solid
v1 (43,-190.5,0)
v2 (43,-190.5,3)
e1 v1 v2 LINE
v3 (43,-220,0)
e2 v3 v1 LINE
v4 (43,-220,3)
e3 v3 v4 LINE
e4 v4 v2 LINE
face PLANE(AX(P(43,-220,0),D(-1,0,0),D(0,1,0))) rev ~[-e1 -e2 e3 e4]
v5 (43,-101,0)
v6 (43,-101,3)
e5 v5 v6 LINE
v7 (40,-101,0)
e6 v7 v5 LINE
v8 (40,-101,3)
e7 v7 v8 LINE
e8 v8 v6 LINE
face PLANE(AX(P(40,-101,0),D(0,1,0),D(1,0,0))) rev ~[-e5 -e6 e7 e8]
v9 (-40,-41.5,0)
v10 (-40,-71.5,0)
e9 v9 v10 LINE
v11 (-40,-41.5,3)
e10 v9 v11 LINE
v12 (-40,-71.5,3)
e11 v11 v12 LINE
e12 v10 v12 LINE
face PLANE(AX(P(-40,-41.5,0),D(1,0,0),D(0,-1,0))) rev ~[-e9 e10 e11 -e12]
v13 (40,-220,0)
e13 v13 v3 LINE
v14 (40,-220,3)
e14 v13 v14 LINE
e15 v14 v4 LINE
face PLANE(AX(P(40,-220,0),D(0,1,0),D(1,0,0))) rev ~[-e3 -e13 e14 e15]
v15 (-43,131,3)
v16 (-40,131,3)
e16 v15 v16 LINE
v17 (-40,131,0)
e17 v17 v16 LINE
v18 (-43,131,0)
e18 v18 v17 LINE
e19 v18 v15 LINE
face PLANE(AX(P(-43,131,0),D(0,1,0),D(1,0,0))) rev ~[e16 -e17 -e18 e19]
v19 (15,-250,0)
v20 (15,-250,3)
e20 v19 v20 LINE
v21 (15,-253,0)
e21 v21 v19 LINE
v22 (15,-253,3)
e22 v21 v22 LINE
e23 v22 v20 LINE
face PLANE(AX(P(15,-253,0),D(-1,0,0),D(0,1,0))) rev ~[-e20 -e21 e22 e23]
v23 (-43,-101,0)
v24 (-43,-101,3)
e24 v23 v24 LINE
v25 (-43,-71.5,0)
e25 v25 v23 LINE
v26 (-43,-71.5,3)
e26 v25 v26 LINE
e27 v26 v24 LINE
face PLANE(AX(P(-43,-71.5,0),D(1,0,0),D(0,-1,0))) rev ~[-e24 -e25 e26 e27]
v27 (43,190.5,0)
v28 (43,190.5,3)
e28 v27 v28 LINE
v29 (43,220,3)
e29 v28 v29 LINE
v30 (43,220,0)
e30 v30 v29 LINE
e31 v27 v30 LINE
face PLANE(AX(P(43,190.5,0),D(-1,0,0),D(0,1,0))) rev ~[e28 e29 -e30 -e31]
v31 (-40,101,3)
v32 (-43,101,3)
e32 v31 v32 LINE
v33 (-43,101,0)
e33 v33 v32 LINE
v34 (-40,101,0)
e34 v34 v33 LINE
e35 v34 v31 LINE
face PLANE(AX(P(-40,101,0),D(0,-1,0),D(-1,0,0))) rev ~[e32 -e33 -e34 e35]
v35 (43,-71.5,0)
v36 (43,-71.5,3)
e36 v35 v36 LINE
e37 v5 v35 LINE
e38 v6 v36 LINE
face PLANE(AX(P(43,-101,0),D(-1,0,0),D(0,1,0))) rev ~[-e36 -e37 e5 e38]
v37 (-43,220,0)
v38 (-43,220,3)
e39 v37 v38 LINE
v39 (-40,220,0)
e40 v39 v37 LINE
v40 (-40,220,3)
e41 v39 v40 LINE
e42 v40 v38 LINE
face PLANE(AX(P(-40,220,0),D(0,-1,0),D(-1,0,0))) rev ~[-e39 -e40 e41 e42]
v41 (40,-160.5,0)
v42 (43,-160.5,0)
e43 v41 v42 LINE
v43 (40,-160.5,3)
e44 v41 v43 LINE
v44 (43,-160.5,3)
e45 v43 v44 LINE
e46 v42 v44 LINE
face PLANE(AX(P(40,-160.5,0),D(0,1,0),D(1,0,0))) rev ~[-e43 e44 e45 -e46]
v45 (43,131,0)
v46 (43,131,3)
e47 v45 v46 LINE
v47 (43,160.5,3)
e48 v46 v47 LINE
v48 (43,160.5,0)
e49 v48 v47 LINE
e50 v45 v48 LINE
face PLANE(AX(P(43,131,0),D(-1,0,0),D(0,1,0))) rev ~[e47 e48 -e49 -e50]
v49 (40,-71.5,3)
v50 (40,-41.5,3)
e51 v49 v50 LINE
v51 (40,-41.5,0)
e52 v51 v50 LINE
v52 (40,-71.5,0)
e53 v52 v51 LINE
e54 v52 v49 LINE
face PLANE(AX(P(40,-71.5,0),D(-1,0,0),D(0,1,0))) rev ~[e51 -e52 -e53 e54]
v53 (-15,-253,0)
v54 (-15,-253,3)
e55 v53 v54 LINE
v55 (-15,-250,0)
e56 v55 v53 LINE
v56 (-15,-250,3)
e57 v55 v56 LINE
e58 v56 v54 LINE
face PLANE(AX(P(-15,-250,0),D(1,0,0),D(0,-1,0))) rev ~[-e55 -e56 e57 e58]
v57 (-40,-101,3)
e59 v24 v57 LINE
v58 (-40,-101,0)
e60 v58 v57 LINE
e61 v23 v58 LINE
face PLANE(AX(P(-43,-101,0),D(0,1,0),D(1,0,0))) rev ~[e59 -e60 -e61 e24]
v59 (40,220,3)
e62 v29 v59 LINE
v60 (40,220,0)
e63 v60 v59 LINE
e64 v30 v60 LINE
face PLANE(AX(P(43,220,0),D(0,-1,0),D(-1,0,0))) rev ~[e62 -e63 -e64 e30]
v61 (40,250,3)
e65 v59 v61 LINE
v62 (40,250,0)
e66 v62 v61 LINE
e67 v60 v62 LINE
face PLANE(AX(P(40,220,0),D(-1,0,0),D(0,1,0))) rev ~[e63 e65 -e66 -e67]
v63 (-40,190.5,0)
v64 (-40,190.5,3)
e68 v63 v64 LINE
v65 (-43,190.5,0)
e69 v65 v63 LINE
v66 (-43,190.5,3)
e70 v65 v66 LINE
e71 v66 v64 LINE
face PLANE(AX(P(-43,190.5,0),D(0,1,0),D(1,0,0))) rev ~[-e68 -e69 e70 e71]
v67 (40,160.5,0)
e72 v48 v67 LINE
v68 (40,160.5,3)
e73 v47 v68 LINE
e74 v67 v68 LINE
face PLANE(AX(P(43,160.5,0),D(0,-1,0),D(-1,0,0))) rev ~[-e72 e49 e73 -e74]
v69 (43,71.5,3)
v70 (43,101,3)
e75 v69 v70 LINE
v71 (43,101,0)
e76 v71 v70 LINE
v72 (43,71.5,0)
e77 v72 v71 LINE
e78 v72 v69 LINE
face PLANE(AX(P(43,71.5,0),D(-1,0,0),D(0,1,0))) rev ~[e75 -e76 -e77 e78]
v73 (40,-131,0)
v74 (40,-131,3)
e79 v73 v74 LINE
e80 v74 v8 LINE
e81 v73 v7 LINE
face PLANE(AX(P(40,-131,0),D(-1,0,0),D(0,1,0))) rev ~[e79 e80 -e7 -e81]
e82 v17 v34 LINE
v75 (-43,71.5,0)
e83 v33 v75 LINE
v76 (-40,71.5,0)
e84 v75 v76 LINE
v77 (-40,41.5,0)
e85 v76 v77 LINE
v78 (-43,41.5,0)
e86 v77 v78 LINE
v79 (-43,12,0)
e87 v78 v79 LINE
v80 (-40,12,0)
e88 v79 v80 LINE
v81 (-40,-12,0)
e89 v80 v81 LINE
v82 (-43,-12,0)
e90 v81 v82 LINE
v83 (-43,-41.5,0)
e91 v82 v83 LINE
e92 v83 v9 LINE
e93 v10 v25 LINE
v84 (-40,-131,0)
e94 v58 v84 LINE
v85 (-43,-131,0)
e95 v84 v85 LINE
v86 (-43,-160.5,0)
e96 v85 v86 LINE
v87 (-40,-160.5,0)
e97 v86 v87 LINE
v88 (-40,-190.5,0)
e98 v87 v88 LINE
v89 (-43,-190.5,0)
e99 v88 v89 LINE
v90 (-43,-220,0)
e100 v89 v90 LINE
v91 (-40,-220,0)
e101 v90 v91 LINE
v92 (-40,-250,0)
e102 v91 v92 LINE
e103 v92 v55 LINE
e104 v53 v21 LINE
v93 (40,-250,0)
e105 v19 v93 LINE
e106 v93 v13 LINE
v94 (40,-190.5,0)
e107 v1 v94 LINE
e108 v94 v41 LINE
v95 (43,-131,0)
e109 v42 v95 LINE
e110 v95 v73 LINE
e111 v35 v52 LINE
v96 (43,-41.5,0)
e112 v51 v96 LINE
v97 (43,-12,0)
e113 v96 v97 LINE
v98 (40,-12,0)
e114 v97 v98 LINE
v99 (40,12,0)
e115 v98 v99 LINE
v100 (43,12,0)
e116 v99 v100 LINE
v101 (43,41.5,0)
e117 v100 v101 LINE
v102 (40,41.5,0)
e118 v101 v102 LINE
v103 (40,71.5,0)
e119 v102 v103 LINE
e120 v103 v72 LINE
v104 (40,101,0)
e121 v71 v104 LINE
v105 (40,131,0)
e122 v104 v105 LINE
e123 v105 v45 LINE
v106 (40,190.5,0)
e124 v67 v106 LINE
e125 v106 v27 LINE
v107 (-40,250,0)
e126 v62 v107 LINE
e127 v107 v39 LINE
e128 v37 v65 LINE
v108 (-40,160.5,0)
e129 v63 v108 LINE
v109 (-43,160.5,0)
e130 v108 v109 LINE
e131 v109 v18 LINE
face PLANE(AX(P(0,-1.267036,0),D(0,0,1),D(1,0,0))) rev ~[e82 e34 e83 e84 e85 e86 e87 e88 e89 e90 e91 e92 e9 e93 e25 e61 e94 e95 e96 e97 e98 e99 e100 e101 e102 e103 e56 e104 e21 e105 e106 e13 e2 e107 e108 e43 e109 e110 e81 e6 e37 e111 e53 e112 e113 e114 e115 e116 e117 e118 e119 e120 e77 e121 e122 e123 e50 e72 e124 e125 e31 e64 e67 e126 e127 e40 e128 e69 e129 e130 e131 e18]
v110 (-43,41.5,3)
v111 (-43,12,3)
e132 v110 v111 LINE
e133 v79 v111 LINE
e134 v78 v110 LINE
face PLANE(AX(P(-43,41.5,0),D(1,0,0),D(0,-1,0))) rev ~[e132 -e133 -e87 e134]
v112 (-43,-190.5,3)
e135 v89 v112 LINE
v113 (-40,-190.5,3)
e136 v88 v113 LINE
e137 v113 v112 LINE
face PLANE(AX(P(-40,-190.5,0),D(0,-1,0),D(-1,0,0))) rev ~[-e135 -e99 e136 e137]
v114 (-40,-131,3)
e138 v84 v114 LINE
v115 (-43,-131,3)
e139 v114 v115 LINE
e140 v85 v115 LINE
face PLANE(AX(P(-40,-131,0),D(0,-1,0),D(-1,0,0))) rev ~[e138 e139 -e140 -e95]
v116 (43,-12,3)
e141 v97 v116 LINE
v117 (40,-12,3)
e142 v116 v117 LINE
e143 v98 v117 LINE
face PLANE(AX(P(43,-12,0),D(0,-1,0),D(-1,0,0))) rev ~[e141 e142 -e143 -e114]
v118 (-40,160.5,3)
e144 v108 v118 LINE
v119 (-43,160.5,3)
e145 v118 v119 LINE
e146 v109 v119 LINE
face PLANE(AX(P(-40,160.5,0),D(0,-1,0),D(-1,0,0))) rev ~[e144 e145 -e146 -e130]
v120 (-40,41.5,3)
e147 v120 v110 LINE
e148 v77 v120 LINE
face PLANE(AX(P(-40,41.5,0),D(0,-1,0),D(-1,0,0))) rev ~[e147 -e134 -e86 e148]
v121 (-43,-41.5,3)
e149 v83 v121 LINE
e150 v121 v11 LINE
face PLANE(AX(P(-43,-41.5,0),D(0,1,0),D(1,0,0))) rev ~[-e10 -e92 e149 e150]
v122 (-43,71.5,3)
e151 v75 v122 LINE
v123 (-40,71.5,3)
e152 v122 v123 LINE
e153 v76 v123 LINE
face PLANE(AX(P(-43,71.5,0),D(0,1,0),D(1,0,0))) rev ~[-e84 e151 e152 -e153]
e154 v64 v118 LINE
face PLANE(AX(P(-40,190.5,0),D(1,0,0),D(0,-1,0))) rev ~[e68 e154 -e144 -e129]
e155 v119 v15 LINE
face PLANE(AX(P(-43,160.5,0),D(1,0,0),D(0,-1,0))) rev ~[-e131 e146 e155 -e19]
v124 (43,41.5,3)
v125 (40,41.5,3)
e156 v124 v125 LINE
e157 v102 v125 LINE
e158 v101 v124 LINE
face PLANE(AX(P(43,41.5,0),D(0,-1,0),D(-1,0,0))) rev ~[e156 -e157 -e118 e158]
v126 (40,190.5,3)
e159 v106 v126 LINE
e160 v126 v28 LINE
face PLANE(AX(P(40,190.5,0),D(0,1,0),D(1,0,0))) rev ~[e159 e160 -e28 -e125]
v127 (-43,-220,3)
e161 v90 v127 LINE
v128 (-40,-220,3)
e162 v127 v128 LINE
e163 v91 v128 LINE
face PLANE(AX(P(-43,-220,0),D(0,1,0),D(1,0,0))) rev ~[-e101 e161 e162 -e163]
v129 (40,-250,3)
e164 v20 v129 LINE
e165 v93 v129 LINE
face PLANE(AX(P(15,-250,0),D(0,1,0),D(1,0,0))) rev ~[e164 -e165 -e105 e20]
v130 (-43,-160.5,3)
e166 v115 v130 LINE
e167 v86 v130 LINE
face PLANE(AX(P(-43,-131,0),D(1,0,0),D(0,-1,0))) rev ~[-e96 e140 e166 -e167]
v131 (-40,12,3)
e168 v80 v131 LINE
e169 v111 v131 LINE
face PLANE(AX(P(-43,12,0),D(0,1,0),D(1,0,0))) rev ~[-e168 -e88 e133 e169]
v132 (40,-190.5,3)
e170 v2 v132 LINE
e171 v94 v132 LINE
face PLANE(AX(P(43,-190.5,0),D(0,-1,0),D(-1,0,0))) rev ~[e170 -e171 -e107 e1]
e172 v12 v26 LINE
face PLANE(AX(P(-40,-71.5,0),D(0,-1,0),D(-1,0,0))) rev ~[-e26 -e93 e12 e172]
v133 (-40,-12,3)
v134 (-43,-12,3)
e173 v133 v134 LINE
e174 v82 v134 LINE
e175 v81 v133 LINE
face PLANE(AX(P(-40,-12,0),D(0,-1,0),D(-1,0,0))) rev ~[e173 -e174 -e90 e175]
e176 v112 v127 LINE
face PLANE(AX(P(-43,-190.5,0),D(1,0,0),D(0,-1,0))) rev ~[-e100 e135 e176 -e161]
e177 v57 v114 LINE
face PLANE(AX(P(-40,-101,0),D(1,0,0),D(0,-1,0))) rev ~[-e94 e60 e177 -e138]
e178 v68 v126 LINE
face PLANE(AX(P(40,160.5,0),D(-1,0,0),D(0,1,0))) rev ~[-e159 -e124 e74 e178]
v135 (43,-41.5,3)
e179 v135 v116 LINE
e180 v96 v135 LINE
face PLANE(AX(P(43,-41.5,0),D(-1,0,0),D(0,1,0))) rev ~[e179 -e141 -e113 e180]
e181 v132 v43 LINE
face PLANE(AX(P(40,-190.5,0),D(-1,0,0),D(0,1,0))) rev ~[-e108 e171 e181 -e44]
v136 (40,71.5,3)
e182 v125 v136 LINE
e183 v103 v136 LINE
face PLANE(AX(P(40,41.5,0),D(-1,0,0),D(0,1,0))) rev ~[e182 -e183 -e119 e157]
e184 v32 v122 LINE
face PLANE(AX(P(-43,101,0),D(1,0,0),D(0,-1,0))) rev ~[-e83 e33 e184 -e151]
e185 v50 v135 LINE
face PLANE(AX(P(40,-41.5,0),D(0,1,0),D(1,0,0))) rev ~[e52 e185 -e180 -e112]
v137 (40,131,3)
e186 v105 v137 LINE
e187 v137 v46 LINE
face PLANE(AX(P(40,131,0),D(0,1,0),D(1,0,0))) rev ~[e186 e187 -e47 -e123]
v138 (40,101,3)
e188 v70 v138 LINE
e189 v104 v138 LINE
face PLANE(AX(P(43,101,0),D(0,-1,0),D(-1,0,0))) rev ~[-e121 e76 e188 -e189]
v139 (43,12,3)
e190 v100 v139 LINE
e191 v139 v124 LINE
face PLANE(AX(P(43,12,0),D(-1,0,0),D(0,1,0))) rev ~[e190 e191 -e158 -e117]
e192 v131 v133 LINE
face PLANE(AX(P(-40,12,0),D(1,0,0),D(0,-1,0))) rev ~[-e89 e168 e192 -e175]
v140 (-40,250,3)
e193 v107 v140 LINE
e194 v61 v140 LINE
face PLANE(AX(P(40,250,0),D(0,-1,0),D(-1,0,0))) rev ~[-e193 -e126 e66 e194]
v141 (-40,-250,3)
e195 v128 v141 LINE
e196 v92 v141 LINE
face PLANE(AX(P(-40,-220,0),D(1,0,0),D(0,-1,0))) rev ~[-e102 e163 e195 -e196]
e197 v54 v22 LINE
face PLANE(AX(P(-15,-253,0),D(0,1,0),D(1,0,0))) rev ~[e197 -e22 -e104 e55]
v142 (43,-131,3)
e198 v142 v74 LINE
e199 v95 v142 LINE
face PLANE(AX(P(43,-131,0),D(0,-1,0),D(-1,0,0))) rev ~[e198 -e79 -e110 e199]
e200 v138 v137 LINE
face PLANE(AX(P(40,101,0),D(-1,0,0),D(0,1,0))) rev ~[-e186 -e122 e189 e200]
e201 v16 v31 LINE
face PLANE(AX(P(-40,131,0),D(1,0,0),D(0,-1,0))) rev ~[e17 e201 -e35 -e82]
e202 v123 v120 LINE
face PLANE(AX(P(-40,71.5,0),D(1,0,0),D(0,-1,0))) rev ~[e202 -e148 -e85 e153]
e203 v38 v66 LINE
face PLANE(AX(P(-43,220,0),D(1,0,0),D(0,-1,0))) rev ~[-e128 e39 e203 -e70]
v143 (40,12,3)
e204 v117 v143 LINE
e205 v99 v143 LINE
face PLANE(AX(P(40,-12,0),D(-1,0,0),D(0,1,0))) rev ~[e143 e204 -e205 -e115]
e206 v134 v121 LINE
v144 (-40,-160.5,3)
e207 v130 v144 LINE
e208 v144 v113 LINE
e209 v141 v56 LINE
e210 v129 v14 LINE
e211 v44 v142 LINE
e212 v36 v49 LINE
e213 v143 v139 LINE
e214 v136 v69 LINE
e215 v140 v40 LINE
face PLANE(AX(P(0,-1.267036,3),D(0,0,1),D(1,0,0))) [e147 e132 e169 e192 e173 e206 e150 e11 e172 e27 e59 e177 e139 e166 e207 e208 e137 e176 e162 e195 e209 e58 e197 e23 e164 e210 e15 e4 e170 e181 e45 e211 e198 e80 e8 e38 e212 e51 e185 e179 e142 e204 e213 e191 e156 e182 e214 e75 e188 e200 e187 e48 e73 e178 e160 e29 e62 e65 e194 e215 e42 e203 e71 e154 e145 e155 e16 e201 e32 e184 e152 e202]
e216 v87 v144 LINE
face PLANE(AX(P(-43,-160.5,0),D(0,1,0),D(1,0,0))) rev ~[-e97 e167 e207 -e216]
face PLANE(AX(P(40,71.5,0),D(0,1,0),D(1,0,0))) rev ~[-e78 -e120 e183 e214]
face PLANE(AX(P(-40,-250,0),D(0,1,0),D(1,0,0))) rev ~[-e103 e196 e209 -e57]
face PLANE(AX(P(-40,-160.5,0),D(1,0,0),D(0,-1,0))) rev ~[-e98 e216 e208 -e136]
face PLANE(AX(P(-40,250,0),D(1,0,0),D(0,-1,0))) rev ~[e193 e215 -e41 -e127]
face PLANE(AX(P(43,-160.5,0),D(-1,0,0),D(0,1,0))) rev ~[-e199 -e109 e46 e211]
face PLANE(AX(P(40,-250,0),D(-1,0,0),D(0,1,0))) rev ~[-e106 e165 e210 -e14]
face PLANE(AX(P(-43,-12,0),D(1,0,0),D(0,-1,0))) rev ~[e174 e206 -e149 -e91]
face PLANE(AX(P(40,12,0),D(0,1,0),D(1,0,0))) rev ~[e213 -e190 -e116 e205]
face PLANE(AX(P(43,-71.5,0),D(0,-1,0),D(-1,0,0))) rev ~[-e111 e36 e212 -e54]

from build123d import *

# Parameters (mm, degrees)
RESSALTO_EXTRUS_O1_DEPTH = 3


with BuildPart() as part:
    # Esboço1 → Ressalto-extrusão1 (new body)
    with BuildSketch(Plane.XY):
        Polygon((-40, -250), (-15, -250), (-15, -253), (15, -253), (15, -250), (40, -250), (40, -220), (43, -220), (43, -190.5), (40, -190.5), (40, -160.5), (43, -160.5), (43, -131), (40, -131), (40, -101), (43, -101), (43, -71.5), (40, -71.5), (40, -41.5), (43, -41.5), (43, -12), (40, -12), (40, 12), (43, 12), (43, 41.5), (40, 41.5), (40, 71.5), (43, 71.5), (43, 101), (40, 101), (40, 131), (43, 131), (43, 160.5), (40, 160.5), (40, 190.5), (43, 190.5), (43, 220), (40, 220), (40, 250), (-40, 250), (-40, 220), (-43, 220), (-43, 190.5), (-40, 190.5), (-40, 160.5), (-43, 160.5), (-43, 131), (-40, 131), (-40, 101), (-43, 101), (-43, 71.5), (-40, 71.5), (-40, 41.5), (-43, 41.5), (-43, 12), (-40, 12), (-40, -12), (-43, -12), (-43, -41.5), (-40, -41.5), (-40, -71.5), (-43, -71.5), (-43, -101), (-40, -101), (-40, -131), (-43, -131), (-43, -160.5), (-40, -160.5), (-40, -190.5), (-43, -190.5), (-43, -220), (-40, -220), align=None)
    extrude(amount=RESSALTO_EXTRUS_O1_DEPTH)


solid = part.part
